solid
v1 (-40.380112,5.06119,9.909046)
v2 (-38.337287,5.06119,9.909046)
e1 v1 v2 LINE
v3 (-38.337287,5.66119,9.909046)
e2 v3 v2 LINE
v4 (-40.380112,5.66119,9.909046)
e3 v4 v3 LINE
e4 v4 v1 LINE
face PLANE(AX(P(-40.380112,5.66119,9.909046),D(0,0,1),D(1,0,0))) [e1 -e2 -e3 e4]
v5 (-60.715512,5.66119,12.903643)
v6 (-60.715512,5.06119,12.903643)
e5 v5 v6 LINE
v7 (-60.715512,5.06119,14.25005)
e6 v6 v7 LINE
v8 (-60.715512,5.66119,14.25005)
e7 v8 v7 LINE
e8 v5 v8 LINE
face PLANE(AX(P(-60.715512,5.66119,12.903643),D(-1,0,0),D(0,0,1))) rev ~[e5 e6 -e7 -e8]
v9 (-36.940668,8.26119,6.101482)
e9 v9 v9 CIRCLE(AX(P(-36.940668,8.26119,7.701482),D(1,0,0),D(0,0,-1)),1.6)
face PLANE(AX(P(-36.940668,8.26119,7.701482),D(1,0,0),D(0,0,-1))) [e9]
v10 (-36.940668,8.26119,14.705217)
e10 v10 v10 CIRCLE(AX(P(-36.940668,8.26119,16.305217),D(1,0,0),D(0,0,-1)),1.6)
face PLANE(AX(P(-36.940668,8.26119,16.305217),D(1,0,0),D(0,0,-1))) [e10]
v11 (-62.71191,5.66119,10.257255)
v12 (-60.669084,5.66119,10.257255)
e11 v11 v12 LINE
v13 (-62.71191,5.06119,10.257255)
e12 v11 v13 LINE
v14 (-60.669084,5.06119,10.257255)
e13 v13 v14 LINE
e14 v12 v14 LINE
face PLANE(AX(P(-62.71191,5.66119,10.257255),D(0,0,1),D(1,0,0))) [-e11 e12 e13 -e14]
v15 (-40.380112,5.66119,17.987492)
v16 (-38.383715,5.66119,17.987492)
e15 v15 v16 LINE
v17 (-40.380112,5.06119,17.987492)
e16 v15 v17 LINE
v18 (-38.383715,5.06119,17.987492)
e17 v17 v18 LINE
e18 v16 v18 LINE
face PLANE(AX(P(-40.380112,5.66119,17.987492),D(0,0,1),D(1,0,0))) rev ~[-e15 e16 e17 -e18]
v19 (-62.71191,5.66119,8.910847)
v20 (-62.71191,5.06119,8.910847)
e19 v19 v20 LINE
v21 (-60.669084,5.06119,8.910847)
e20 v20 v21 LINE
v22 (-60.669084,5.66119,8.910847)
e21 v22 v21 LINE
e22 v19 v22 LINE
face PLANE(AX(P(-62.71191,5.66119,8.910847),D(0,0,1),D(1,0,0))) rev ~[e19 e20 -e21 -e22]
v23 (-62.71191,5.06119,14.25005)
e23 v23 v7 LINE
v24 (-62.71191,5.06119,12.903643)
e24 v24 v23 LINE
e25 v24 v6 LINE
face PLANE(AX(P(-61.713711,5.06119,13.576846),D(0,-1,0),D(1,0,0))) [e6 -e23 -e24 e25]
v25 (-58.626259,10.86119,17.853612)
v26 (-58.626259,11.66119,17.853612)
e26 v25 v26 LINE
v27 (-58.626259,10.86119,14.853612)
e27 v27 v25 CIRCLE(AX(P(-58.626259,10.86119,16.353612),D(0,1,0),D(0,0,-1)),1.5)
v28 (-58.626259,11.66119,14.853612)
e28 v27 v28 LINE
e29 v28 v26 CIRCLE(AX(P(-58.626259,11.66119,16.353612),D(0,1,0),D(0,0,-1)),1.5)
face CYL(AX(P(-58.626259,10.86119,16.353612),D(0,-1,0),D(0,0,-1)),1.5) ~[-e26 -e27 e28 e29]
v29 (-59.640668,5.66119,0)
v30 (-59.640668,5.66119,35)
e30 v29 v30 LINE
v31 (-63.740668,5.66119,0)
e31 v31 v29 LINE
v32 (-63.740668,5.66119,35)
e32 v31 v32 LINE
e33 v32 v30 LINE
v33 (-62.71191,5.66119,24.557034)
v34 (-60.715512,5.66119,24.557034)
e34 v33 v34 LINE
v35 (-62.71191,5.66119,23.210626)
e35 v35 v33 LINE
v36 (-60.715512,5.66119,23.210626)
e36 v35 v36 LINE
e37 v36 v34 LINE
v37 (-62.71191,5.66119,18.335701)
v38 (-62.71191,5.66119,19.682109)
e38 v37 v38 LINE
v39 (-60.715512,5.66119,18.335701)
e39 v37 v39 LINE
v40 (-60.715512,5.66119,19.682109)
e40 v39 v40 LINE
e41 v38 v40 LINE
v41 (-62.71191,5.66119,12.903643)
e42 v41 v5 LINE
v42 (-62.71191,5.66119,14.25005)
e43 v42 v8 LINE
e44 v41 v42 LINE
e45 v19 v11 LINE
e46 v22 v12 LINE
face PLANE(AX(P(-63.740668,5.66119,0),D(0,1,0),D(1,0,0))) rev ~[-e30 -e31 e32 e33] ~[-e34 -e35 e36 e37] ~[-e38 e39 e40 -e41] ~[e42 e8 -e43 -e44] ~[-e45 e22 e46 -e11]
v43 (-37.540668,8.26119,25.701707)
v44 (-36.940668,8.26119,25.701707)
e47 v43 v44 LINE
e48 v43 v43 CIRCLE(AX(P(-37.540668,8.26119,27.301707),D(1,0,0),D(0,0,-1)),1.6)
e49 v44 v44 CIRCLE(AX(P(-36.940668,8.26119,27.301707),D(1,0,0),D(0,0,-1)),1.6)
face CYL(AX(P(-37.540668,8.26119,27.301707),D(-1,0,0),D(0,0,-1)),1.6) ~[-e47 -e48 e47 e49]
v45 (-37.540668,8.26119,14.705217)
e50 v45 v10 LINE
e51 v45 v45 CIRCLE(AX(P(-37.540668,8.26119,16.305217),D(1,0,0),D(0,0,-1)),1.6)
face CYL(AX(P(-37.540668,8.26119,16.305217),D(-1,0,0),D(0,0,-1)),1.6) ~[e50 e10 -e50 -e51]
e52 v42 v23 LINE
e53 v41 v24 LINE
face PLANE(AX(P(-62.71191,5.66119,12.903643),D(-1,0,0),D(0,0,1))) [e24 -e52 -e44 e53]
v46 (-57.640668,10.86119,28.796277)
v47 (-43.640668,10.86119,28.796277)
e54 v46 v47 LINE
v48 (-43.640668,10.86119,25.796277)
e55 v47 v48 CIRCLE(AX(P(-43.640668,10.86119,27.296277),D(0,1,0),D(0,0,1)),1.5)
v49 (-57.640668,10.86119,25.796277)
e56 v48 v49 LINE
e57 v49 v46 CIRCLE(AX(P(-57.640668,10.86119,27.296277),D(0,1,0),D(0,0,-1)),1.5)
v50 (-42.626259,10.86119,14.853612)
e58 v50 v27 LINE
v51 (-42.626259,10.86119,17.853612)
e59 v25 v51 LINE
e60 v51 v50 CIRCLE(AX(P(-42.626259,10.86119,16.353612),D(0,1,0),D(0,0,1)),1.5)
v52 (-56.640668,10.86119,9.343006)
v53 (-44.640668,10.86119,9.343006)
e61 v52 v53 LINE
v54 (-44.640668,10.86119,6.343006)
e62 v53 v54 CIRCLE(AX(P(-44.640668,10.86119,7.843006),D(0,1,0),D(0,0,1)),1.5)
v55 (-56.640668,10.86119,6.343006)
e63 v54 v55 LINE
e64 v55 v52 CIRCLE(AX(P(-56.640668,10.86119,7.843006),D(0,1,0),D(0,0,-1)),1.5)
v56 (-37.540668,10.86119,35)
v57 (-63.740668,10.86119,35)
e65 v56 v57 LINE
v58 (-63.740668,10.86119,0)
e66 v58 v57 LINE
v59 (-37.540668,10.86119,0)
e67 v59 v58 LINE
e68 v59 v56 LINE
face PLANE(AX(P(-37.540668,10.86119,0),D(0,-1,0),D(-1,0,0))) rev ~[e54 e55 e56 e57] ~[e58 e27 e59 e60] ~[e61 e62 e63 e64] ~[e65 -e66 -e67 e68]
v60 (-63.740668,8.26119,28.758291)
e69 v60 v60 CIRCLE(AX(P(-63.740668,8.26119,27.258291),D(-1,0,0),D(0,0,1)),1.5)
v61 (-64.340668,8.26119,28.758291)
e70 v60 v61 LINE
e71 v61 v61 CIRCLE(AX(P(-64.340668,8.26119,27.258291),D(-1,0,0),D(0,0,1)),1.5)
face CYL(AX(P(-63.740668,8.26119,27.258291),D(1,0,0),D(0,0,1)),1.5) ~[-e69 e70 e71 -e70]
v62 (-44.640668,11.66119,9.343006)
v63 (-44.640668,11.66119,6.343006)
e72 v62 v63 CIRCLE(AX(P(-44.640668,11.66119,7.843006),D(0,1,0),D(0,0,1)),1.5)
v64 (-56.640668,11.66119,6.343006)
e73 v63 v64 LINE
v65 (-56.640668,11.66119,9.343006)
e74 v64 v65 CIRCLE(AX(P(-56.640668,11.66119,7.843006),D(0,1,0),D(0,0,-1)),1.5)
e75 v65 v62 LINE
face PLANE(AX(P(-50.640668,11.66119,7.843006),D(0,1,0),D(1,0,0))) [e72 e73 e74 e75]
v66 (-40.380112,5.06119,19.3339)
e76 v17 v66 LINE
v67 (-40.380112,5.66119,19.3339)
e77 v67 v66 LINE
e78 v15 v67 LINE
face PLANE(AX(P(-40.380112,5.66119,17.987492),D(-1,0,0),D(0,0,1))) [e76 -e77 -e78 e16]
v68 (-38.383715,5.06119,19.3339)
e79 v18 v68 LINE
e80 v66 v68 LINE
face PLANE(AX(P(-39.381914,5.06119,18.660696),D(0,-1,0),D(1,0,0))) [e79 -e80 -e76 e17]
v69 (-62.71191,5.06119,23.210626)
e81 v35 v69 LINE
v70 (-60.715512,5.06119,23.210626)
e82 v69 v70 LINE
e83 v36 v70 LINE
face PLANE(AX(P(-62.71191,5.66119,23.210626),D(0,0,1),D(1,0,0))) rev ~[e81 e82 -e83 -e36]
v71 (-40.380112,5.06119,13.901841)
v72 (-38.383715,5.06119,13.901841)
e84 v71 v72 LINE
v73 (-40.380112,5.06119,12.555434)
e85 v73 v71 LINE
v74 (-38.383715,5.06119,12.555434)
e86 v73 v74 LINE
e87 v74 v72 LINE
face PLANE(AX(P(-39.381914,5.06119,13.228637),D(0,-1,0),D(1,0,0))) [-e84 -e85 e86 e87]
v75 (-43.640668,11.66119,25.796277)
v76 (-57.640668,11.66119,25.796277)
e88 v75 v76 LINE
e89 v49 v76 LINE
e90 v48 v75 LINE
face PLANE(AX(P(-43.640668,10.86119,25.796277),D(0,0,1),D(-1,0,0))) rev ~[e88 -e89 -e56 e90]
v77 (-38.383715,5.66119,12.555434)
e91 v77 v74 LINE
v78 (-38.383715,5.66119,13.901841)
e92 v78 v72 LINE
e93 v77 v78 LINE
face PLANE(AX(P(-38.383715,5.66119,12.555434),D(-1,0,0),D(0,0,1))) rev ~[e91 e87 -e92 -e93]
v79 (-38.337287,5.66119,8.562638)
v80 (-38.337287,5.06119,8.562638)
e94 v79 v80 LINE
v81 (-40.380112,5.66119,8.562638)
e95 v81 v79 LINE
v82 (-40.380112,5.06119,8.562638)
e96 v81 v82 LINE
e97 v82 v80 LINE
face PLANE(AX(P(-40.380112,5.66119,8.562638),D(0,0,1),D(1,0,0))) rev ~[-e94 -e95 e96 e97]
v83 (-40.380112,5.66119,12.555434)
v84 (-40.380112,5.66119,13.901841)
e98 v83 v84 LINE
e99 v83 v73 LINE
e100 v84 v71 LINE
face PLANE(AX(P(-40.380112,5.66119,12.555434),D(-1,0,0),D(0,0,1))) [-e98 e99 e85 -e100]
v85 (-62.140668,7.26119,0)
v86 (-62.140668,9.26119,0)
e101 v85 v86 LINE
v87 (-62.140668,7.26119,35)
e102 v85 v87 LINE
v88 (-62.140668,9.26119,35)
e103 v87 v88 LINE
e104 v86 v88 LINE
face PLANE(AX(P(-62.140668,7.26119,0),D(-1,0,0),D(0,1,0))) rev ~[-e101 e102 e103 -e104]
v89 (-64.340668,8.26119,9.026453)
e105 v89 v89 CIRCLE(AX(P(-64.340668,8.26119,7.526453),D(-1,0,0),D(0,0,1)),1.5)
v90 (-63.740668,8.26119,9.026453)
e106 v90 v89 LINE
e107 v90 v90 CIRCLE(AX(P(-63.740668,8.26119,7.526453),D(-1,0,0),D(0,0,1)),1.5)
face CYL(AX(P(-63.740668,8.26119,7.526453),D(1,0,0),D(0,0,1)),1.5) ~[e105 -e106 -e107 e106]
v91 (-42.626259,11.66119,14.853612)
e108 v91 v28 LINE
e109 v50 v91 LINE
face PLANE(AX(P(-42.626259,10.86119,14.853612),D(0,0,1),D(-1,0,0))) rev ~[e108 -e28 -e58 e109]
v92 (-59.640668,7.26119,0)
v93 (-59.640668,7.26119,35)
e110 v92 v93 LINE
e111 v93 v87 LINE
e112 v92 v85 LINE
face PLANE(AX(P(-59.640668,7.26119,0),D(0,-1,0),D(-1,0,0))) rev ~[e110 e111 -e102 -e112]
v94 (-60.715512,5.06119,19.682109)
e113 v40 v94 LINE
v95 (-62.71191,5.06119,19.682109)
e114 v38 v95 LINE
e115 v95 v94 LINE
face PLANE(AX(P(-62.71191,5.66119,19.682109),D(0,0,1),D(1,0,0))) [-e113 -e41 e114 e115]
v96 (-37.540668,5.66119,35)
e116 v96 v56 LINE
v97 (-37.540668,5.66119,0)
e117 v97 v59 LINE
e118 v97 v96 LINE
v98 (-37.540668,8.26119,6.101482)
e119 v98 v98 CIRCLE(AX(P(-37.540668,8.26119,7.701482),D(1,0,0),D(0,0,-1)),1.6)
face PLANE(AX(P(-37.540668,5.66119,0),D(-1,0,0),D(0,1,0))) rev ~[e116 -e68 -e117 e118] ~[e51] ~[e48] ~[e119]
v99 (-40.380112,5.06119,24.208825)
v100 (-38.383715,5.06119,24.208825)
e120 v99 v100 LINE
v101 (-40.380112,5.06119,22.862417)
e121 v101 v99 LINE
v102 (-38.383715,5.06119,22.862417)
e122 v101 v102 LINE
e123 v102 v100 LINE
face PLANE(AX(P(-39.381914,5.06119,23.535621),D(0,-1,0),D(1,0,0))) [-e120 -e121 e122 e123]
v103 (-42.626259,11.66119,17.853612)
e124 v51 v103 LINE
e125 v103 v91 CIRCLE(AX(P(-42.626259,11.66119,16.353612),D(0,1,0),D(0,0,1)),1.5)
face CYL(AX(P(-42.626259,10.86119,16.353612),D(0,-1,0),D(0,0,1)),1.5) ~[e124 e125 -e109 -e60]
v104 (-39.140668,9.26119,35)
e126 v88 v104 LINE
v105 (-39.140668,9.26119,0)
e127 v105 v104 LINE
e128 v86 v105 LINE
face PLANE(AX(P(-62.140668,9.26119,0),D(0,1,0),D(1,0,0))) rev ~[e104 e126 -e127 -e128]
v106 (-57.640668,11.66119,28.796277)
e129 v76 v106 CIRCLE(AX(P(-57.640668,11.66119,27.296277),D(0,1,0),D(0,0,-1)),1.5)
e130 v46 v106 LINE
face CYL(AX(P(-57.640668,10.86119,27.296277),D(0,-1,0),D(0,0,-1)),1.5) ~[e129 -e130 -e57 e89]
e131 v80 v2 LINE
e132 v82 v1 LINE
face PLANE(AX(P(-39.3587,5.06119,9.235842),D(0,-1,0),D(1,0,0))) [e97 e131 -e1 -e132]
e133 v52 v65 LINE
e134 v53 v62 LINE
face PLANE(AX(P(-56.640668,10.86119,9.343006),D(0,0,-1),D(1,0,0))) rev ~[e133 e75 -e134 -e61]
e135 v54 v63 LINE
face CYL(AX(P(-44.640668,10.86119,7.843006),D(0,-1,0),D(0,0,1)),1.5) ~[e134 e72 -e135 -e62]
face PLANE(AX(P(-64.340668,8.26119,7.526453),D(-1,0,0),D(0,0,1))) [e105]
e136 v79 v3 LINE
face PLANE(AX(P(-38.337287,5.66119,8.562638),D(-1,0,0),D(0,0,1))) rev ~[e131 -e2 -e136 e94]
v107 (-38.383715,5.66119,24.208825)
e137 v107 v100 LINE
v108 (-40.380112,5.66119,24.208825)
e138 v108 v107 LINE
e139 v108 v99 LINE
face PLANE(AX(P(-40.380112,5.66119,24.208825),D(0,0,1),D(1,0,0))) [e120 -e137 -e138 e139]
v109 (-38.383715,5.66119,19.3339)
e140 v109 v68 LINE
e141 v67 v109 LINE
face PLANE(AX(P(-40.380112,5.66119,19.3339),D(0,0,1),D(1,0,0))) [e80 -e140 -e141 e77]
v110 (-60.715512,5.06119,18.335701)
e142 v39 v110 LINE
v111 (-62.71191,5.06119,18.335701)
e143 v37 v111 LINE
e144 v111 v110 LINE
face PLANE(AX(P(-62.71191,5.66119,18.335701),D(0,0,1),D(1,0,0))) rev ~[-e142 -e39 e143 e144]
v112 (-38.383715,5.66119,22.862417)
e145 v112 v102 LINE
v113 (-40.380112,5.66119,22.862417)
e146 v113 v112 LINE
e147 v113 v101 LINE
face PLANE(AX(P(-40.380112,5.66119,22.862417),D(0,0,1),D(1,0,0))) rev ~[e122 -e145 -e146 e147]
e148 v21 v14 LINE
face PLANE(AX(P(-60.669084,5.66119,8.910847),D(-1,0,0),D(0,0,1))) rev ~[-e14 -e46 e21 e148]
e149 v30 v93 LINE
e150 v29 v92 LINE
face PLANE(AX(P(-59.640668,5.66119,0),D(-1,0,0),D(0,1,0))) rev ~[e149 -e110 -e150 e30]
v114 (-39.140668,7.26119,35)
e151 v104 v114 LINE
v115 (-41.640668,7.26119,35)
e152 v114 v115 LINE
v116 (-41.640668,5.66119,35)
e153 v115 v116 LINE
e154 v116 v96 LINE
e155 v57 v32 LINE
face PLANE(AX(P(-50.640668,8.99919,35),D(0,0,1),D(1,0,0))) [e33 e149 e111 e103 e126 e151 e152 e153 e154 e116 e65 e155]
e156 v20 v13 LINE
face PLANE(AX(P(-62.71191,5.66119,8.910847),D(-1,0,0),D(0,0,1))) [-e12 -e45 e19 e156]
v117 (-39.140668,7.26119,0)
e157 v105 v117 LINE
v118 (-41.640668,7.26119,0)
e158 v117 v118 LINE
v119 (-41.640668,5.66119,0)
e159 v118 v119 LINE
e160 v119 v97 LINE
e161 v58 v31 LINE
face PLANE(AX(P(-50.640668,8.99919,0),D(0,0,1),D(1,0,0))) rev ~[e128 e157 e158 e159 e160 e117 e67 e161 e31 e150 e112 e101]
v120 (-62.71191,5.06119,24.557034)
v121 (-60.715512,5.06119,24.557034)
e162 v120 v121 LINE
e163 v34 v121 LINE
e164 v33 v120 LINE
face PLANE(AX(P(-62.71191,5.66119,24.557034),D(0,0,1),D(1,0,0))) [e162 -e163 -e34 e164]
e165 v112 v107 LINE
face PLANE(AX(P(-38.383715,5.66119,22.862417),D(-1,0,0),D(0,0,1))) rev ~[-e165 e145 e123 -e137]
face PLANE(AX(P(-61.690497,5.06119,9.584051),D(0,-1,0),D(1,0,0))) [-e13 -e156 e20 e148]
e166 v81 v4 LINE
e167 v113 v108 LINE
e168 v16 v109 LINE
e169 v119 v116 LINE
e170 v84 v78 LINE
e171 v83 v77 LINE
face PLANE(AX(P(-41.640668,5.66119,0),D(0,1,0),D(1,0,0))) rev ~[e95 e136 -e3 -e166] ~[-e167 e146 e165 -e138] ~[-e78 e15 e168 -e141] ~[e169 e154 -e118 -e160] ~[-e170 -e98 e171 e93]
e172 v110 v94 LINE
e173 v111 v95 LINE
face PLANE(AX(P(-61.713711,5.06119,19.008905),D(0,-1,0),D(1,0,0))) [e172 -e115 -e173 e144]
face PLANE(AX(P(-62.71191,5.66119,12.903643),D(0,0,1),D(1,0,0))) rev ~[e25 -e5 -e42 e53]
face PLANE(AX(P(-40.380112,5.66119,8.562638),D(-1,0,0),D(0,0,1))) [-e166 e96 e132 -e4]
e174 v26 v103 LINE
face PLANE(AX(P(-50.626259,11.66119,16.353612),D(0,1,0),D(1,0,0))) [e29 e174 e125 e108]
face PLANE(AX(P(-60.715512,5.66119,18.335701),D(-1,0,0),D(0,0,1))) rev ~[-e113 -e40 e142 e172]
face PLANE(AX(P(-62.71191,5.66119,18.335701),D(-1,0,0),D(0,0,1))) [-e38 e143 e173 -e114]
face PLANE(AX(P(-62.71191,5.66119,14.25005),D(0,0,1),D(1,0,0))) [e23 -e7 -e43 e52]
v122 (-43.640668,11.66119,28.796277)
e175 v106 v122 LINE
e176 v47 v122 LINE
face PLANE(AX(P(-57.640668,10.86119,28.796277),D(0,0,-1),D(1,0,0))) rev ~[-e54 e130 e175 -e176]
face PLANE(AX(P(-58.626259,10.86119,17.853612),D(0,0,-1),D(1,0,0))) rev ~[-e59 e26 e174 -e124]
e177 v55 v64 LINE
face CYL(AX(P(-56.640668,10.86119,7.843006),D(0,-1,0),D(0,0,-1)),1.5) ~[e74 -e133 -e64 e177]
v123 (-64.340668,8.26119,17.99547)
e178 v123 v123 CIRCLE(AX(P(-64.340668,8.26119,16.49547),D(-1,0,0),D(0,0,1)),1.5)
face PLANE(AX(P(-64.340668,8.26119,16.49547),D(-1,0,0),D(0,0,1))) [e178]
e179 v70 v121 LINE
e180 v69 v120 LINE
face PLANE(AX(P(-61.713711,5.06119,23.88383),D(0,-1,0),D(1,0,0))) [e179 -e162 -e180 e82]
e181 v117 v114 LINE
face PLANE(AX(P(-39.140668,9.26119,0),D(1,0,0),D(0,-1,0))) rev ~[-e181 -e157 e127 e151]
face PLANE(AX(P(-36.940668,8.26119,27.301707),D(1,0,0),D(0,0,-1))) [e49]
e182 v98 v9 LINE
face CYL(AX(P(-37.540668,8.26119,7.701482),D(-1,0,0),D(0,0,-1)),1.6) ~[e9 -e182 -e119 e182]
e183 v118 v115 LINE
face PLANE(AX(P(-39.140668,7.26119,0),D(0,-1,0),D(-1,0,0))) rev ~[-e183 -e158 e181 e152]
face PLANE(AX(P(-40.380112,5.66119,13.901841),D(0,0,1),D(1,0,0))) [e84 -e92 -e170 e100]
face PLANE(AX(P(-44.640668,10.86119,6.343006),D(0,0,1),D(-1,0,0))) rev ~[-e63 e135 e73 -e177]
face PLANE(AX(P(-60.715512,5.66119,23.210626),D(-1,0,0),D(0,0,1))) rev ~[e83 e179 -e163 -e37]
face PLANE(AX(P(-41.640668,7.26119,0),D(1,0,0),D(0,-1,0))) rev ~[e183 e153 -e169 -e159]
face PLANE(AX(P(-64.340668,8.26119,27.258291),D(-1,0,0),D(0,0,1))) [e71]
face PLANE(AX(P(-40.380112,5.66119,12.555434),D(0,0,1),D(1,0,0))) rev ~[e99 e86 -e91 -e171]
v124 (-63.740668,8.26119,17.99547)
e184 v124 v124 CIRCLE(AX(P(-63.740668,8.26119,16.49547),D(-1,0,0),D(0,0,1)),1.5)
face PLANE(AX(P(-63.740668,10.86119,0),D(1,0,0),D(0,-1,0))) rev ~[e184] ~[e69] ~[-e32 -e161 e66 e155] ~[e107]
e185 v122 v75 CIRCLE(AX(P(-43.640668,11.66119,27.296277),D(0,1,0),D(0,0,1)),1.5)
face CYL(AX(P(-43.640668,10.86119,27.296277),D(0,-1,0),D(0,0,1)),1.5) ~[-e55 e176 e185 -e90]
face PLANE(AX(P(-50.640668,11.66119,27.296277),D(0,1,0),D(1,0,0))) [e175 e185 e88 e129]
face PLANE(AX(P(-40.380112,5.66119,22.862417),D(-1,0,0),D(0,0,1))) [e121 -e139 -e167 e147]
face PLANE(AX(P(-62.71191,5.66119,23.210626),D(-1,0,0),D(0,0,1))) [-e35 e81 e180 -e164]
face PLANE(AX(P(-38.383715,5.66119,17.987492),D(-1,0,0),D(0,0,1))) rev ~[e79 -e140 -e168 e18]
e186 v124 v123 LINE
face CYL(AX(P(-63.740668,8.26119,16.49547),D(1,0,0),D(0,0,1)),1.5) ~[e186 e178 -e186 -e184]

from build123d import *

# Parameters (mm, degrees)
BOSS_EXTRUDE1_DEPTH = 35
BOSS_EXTRUDE2_DEPTH = 0.8
SKETCH3_R           = 1.5
BOSS_EXTRUDE3_DEPTH = 0.6
SKETCH5_R           = 1.6
BOSS_EXTRUDE4_DEPTH = 0.6
SKETCH6_W           = 1.996397696
SKETCH6_H           = 1.346407749
SKETCH6_H_2         = 1.346407748
SKETCH6_W_2         = 2.042825549
BOSS_EXTRUDE5_DEPTH = 0.6


with BuildPart() as part:
    # Sketch1 → Boss-Extrude1 (new body)
    with BuildSketch(Plane.XY):
        Polygon((-59.64066795, 5.661190292), (-59.64066795, 7.261190292), (-62.14066795, 7.261190292), (-62.14066795, 9.261190292), (-39.14066795, 9.261190292), (-39.14066795, 7.261190292), (-41.64066795, 7.261190292), (-41.64066795, 5.661190292), (-37.54066795, 5.661190292), (-37.54066795, 10.861190292), (-63.74066795, 10.861190292), (-63.74066795, 5.661190292), align=None)
    extrude(amount=BOSS_EXTRUDE1_DEPTH)

    # Sketch2 → Boss-Extrude2 (add)
    with BuildSketch(Plane(origin=(0, 10.861190292, 0), x_dir=(1, 0, 0), z_dir=(0, 1, 0))):
        with BuildLine():
            Line((-56.64066795, -9.343006494), (-44.64066795, -9.343006494))
            ThreePointArc((-44.64066795, -9.343006494), (-43.14066795, -7.843006494), (-44.64066795, -6.343006494))
            Line((-44.64066795, -6.343006494), (-56.64066795, -6.343006494))
            ThreePointArc((-56.64066795, -6.343006494), (-58.14066795, -7.843006494), (-56.64066795, -9.343006494))
        make_face()
        with BuildLine():
            Line((-58.626258735, -17.853612356), (-42.626258735, -17.853612356))
            ThreePointArc((-42.626258735, -17.853612356), (-41.126258735, -16.353612356), (-42.626258735, -14.853612356))
            Line((-42.626258735, -14.853612356), (-58.626258735, -14.853612356))
            ThreePointArc((-58.626258735, -14.853612356), (-60.126258735, -16.353612356), (-58.626258735, -17.853612356))
        make_face()
        with BuildLine():
            Line((-57.64066795, -28.796277067), (-43.64066795, -28.796277067))
            ThreePointArc((-43.64066795, -28.796277067), (-42.14066795, -27.296277067), (-43.64066795, -25.796277067))
            Line((-43.64066795, -25.796277067), (-57.64066795, -25.796277067))
            ThreePointArc((-57.64066795, -25.796277067), (-59.14066795, -27.296277067), (-57.64066795, -28.796277067))
        make_face()
    extrude(amount=BOSS_EXTRUDE2_DEPTH)

    # Sketch3 → Boss-Extrude3 (add)
    with BuildSketch(Plane.ZY.offset(63.74066795)):
        with Locations((7.526452948, 8.261190292)):
            Circle(SKETCH3_R)
        with Locations((16.495470081, 8.261190292)):
            Circle(SKETCH3_R)
        with Locations((27.258290641, 8.261190292)):
            Circle(SKETCH3_R)
    extrude(amount=BOSS_EXTRUDE3_DEPTH)

    # Sketch5 → Boss-Extrude4 (add)
    with BuildSketch(Plane(origin=(-37.54066795, 0, 0), x_dir=(0, 0, -1), z_dir=(1, 0, 0))):
        with Locations((-27.301707085, 8.261190292)):
            Circle(SKETCH5_R)
        with Locations((-16.305217257, 8.261190292)):
            Circle(SKETCH5_R)
        with Locations((-7.70148216, 8.261190292)):
            Circle(SKETCH5_R)
    extrude(amount=BOSS_EXTRUDE4_DEPTH)

    # Sketch6 → Boss-Extrude5 (add)
    with BuildSketch(Plane.XZ.offset(-5.661190292)):
        with Locations((-39.381913502, 23.535620941)):
            Rectangle(SKETCH6_W, SKETCH6_H)
        with Locations((-61.713710985, 23.883829842)):
            Rectangle(SKETCH6_W, SKETCH6_H_2)
        with Locations((-61.713710985, 19.008905236)):
            Rectangle(SKETCH6_W, SKETCH6_H)
        with Locations((-61.713710985, 13.576846388)):
            Rectangle(SKETCH6_W, SKETCH6_H_2)
        with Locations((-61.690497059, 9.584050996)):
            Rectangle(SKETCH6_W_2, SKETCH6_H_2)
        with Locations((-39.381913502, 18.660696335)):
            Rectangle(SKETCH6_W, SKETCH6_H_2)
        with Locations((-39.381913502, 13.228637488)):
            Rectangle(SKETCH6_W, SKETCH6_H)
        with Locations((-39.358699576, 9.235842096)):
            Rectangle(SKETCH6_W_2, SKETCH6_H)
    extrude(amount=BOSS_EXTRUDE5_DEPTH)


solid = part.part
